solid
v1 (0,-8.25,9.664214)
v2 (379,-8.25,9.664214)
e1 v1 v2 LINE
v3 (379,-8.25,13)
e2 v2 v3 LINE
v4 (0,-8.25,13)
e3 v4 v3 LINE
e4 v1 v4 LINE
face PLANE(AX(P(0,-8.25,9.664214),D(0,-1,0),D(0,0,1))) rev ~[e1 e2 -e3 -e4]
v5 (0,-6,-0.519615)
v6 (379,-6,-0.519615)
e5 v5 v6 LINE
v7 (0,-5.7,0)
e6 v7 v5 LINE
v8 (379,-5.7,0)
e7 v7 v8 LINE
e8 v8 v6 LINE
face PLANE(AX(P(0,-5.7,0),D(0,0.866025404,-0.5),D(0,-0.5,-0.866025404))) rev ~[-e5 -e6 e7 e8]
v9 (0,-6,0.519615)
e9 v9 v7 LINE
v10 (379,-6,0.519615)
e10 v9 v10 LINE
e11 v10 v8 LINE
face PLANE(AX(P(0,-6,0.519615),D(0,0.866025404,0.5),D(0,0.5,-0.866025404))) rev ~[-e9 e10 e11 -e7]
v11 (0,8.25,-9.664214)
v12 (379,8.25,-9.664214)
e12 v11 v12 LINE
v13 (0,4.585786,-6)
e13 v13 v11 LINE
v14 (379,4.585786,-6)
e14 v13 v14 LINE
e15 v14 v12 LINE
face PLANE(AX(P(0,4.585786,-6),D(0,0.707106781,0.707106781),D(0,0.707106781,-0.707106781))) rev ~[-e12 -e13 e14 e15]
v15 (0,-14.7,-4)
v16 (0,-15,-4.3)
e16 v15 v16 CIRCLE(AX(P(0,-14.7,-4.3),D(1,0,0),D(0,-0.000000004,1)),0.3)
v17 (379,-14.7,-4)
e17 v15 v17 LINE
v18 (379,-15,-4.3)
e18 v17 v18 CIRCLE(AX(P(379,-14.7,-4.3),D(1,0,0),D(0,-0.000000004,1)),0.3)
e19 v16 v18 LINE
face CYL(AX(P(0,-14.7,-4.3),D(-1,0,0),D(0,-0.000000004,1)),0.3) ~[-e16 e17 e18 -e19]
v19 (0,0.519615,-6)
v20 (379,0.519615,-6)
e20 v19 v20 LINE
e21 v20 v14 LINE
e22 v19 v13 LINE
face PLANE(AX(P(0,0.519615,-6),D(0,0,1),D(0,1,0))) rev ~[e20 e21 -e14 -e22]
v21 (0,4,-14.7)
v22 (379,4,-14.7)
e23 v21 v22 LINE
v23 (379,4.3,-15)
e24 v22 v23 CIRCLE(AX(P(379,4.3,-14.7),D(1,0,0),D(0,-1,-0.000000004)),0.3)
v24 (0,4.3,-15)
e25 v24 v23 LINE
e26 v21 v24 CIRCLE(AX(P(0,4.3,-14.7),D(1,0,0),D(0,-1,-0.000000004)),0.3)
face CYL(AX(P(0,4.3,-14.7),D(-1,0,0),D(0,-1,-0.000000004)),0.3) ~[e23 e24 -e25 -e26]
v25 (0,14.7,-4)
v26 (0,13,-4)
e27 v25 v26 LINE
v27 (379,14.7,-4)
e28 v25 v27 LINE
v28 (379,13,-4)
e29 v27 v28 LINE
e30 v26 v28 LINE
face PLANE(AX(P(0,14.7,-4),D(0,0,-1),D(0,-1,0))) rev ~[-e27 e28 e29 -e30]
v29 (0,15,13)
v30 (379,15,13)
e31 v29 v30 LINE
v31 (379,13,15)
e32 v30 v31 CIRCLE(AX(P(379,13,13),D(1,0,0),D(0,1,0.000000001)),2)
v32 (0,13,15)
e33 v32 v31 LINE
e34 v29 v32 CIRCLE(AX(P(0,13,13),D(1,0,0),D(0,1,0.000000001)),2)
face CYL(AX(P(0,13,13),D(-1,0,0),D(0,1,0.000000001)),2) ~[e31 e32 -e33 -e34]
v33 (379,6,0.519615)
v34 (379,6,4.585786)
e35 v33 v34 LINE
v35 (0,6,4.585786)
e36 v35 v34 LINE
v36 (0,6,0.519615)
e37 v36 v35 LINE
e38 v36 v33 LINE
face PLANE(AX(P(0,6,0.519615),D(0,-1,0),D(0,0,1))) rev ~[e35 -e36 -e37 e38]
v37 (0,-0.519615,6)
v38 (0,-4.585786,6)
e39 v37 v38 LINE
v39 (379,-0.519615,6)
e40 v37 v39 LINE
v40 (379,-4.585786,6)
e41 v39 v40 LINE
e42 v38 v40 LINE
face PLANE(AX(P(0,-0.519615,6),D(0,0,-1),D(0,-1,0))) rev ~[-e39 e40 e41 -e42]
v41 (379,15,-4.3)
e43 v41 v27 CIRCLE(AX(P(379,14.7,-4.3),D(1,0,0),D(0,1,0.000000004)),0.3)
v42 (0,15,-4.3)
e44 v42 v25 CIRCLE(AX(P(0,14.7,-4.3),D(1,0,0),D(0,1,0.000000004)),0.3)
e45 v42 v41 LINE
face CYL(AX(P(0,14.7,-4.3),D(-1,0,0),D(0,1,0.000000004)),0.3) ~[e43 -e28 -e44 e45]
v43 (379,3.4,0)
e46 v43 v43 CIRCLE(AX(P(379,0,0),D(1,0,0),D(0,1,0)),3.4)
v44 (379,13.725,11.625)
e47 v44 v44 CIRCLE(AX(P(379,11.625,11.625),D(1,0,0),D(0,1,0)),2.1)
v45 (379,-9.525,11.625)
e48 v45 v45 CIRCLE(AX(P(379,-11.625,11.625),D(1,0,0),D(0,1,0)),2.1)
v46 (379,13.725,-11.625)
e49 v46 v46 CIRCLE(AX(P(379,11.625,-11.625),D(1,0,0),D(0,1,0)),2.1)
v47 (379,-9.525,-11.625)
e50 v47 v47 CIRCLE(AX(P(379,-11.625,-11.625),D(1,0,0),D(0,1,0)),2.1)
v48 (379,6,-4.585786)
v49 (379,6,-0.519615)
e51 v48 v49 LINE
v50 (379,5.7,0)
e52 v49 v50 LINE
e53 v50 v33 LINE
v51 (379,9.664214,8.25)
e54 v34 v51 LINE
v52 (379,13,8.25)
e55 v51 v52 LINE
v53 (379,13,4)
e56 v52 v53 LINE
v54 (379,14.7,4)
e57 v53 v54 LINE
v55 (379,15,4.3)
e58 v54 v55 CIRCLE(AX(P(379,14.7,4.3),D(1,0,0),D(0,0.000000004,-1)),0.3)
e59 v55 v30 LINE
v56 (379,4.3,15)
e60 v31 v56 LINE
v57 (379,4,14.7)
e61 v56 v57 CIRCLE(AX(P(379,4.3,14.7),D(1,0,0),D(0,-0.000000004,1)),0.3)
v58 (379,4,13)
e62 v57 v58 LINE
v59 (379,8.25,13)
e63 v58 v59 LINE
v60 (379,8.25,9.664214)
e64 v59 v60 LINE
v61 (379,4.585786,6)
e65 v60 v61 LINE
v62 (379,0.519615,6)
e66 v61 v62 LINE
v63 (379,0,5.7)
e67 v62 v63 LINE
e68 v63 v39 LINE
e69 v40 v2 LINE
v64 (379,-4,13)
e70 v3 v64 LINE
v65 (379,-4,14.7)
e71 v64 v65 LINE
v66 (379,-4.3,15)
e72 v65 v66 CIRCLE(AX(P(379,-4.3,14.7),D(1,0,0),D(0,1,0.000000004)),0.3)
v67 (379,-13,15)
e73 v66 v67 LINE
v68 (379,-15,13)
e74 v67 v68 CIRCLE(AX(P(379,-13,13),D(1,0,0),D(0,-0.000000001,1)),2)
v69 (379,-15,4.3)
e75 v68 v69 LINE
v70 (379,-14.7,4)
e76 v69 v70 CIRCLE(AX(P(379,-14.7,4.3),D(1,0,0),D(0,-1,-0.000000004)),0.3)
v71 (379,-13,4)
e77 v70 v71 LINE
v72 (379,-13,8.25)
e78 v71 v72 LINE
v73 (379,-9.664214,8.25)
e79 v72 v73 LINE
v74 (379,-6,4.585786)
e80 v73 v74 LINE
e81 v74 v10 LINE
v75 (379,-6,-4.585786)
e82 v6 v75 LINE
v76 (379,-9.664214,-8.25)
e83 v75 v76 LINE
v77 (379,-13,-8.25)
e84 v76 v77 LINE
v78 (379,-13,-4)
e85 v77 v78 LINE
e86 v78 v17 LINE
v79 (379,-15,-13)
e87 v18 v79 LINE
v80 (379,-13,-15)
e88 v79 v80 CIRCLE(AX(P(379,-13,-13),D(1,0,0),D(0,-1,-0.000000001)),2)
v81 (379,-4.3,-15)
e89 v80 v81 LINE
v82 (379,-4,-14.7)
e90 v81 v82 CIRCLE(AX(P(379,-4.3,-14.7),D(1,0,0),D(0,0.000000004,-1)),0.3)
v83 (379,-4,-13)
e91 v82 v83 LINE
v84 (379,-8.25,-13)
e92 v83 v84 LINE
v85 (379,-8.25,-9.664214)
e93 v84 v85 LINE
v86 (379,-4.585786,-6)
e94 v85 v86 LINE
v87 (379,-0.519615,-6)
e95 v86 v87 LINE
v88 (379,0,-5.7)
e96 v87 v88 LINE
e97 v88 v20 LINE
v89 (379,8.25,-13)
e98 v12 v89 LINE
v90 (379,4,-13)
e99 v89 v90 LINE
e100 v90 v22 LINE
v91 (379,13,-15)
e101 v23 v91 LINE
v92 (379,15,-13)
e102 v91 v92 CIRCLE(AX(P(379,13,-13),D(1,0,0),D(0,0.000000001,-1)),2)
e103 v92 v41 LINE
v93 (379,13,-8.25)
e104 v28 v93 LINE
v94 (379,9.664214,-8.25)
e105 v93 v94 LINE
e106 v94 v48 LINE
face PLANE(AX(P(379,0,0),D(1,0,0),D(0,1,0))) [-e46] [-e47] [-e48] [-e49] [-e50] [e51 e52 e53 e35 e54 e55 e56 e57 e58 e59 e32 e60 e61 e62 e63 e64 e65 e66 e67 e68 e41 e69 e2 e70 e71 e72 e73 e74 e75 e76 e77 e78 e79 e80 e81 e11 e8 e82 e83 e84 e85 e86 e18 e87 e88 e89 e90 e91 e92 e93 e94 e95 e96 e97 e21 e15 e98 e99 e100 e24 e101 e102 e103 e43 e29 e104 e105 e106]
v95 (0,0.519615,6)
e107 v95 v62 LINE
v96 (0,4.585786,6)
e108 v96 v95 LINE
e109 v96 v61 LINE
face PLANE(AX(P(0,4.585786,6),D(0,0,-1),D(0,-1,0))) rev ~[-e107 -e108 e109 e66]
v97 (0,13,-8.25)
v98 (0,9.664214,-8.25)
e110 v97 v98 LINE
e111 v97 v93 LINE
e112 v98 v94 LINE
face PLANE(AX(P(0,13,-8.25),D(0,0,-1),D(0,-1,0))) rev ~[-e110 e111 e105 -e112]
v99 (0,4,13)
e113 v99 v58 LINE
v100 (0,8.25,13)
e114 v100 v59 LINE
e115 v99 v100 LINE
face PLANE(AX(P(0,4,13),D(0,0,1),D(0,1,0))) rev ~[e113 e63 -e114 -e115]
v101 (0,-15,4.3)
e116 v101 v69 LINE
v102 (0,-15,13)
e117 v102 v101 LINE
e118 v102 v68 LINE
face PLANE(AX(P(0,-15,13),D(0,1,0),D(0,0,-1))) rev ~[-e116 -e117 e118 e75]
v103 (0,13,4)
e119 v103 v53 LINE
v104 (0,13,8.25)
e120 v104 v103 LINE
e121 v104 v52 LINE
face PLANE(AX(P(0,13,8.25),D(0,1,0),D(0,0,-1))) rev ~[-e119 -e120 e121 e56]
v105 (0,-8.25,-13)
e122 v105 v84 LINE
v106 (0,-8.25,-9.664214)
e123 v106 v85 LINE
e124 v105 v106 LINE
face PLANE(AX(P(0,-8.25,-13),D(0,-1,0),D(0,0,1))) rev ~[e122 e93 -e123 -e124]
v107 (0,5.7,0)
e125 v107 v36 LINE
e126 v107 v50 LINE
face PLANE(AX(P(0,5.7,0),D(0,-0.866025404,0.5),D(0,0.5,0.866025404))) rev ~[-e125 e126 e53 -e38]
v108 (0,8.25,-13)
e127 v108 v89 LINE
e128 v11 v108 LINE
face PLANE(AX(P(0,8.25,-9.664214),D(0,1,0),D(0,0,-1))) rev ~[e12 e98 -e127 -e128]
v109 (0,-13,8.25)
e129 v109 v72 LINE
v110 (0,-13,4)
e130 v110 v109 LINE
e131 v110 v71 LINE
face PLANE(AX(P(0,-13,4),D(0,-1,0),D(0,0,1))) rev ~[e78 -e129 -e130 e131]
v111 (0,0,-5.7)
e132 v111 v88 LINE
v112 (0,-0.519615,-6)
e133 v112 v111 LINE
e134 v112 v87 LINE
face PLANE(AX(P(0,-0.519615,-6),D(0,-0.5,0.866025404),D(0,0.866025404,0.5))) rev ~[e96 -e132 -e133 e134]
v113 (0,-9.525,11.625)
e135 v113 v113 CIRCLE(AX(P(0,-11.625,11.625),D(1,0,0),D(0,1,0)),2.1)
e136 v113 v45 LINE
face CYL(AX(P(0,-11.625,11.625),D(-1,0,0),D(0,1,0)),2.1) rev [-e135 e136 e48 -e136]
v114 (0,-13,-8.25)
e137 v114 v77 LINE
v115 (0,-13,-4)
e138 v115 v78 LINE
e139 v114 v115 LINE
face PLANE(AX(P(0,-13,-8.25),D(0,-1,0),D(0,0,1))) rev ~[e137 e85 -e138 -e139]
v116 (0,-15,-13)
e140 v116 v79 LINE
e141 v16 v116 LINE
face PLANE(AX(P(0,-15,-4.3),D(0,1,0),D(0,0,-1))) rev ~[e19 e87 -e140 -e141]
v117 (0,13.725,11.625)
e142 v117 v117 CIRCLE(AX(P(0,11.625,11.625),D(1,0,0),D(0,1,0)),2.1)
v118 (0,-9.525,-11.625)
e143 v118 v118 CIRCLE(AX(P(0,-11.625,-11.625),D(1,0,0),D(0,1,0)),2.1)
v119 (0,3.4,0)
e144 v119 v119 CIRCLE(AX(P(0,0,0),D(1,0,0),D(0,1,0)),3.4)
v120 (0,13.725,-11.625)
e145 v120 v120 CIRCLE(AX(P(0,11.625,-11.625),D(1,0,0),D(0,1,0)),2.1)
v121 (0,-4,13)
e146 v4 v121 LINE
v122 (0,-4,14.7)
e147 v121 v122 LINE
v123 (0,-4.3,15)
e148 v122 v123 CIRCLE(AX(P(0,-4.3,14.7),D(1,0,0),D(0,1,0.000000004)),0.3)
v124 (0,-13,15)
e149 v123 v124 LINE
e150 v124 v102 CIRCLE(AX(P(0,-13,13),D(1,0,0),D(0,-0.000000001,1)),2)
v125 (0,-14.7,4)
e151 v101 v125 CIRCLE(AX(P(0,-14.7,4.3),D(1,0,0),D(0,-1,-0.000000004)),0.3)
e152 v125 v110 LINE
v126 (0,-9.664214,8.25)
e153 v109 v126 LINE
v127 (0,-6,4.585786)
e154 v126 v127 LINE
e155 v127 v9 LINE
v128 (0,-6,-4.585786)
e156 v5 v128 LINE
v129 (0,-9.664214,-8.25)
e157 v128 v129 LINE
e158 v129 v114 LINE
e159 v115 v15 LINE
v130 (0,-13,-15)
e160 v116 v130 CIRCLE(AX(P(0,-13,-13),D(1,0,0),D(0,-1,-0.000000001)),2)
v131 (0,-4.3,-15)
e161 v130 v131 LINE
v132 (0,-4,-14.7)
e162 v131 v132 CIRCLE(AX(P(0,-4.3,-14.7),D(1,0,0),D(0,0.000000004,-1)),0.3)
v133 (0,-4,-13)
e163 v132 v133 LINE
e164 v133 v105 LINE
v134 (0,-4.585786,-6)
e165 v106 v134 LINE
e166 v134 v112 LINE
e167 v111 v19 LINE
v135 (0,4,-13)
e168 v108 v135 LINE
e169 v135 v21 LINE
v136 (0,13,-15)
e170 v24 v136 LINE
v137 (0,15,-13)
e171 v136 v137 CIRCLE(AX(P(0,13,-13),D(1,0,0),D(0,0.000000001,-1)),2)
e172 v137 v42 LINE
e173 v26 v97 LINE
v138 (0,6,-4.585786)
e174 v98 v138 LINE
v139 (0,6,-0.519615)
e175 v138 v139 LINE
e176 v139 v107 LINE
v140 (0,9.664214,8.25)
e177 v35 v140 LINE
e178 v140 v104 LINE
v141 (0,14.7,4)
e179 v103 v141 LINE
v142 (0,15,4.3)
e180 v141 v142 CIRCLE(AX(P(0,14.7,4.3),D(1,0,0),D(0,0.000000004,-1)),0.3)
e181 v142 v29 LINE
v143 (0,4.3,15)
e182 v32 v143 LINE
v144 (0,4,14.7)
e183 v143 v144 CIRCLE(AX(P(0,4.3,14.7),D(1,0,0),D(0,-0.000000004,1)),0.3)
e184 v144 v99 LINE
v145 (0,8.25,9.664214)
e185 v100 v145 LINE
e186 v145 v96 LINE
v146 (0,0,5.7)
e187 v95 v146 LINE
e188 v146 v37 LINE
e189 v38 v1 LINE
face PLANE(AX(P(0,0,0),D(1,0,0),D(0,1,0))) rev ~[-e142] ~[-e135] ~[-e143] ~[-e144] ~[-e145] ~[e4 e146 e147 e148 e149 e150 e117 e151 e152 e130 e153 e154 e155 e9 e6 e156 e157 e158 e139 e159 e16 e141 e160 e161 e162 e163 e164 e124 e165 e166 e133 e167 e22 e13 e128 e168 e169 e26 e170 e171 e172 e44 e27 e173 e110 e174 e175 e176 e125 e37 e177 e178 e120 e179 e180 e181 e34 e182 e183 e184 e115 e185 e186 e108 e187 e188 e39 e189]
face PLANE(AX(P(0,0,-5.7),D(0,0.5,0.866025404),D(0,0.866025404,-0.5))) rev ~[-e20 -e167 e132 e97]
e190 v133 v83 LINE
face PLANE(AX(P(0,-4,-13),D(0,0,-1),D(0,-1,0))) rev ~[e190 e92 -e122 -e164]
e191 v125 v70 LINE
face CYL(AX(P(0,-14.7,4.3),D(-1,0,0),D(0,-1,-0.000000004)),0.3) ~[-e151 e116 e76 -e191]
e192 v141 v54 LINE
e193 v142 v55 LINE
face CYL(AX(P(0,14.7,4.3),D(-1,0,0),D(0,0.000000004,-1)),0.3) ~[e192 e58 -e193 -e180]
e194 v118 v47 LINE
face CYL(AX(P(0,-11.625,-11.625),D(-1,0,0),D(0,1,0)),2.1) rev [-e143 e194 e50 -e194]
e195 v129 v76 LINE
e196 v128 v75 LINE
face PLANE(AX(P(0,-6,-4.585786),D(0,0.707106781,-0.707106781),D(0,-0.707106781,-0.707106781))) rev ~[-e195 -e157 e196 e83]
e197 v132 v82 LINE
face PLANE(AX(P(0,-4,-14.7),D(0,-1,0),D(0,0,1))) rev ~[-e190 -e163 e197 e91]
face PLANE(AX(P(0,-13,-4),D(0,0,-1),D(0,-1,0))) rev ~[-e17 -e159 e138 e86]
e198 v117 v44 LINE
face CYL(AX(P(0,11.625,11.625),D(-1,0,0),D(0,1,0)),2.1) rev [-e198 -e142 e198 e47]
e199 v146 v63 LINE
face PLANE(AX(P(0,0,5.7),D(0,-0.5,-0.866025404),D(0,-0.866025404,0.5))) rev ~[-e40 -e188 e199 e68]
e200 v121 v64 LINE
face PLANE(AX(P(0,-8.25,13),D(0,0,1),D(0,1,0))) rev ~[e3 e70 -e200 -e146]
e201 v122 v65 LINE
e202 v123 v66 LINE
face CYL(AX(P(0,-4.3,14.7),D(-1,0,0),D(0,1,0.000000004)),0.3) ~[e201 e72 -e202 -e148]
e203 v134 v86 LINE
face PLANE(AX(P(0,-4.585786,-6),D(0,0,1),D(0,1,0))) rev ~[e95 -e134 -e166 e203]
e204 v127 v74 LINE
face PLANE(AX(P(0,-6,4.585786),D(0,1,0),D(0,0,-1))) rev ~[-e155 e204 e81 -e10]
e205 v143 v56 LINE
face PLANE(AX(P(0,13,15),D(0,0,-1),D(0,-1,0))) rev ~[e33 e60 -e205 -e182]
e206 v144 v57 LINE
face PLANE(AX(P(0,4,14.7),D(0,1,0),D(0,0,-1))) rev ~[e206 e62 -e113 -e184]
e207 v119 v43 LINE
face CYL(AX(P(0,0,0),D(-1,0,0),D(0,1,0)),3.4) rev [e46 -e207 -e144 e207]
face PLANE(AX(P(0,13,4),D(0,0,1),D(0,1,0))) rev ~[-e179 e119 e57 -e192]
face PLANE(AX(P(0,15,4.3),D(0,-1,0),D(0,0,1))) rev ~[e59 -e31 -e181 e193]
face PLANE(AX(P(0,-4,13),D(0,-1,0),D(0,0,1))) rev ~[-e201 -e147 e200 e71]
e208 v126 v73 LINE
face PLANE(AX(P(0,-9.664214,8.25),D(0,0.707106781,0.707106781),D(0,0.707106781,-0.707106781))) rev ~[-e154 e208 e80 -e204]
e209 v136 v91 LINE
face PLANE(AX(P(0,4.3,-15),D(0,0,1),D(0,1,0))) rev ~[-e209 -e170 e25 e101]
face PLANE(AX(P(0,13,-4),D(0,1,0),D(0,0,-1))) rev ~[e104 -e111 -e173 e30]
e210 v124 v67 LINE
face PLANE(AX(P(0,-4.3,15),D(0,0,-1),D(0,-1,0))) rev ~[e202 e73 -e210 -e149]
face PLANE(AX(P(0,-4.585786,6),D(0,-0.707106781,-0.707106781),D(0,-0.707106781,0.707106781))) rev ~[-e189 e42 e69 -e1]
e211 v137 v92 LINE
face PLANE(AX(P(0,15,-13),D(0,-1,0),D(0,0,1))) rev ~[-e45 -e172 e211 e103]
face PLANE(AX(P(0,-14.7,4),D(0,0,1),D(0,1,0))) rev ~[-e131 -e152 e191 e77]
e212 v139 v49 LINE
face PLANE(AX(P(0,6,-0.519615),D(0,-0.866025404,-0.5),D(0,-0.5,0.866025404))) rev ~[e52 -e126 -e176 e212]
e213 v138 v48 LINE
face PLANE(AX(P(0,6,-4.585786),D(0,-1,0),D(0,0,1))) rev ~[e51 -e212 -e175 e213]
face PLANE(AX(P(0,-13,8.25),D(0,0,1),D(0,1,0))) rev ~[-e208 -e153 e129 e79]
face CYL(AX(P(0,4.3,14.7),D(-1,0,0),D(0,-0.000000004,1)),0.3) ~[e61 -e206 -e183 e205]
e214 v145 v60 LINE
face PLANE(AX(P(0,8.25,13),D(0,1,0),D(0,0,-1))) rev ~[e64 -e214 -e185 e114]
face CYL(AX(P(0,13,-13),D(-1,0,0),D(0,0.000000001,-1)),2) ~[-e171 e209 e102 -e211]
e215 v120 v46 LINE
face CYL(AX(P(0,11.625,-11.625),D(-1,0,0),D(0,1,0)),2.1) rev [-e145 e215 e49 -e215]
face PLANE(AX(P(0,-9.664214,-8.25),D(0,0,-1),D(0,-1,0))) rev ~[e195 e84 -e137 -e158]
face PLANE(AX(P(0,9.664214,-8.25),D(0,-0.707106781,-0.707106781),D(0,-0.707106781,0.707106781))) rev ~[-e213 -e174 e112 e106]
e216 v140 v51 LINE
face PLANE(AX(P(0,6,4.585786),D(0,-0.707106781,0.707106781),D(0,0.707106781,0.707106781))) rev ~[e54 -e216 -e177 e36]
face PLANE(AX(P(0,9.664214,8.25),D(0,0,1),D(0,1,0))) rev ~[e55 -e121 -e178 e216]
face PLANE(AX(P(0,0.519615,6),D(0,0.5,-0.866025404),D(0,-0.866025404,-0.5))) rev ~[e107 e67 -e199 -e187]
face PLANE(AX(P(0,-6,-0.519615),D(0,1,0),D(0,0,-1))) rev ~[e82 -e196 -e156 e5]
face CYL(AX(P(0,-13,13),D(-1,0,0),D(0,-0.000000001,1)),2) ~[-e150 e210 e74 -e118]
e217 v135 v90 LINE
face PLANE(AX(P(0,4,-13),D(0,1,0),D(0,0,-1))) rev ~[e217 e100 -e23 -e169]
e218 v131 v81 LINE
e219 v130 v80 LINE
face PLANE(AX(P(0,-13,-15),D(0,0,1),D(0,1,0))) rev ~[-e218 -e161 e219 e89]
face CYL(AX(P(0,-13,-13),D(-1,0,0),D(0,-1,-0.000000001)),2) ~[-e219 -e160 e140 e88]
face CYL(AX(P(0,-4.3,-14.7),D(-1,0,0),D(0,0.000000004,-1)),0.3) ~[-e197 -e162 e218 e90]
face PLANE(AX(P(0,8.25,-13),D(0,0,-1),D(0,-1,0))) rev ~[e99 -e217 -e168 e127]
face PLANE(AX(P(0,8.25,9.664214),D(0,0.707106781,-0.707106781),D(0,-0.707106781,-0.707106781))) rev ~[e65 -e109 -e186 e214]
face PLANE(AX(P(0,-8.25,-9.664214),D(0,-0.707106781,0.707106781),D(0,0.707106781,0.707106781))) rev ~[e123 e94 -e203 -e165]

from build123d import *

# Parameters (mm, degrees)
SKETCH_1_R              = 2.1
SKETCH_1_R_2            = 3.4
F_30XS6_30X30S6_1_DEPTH = 379


with BuildPart() as part:
    # 草图1 → 30xs6 30X30S6(1) (new body)
    with BuildSketch(Plane.YZ):
        with BuildLine():
            Line((-14.7, 4), (-13, 4))
            Line((-13, 4), (-13, 8.25))
            Line((-13, 8.25), (-9.664213562, 8.25))
            Line((-9.664213562, 8.25), (-6, 4.585786438))
            Line((-6, 4.585786438), (-6, 0.519615242))
            Line((-6, 0.519615242), (-5.7, 0))
            Line((-5.7, 0), (-6, -0.519615242))
            Line((-6, -0.519615242), (-6, -4.585786438))
            Line((-6, -4.585786438), (-9.664213562, -8.25))
            Line((-9.664213562, -8.25), (-13, -8.25))
            Line((-13, -8.25), (-13, -4))
            Line((-13, -4), (-14.7, -4))
            ThreePointArc((-14.7, -4), (-14.912132034, -4.087867966), (-15, -4.3))
            Line((-15, -4.3), (-15, -13))
            ThreePointArc((-15, -13), (-14.414213562, -14.414213562), (-13, -15))
            Line((-13, -15), (-4.3, -15))
            ThreePointArc((-4.3, -15), (-4.087867966, -14.912132034), (-4, -14.7))
            Line((-4, -14.7), (-4, -13))
            Line((-4, -13), (-8.25, -13))
            Line((-8.25, -13), (-8.25, -9.664213562))
            Line((-8.25, -9.664213562), (-4.585786438, -6))
            Line((-4.585786438, -6), (-0.519615242, -6))
            Line((-0.519615242, -6), (0, -5.7))
            Line((0, -5.7), (0.519615242, -6))
            Line((0.519615242, -6), (4.585786438, -6))
            Line((4.585786438, -6), (8.25, -9.664213562))
            Line((8.25, -9.664213562), (8.25, -13))
            Line((8.25, -13), (4, -13))
            Line((4, -13), (4, -14.7))
            ThreePointArc((4, -14.7), (4.087867966, -14.912132034), (4.3, -15))
            Line((4.3, -15), (13, -15))
            ThreePointArc((13, -15), (14.414213562, -14.414213562), (15, -13))
            Line((15, -13), (15, -4.3))
            ThreePointArc((15, -4.3), (14.912132034, -4.087867966), (14.7, -4))
            Line((14.7, -4), (13, -4))
            Line((13, -4), (13, -8.25))
            Line((13, -8.25), (9.664213562, -8.25))
            Line((9.664213562, -8.25), (6, -4.585786438))
            Line((6, -4.585786438), (6, -0.519615242))
            Line((6, -0.519615242), (5.7, 0))
            Line((5.7, 0), (6, 0.519615242))
            Line((6, 0.519615242), (6, 4.585786438))
            Line((6, 4.585786438), (9.664213562, 8.25))
            Line((9.664213562, 8.25), (13, 8.25))
            Line((13, 8.25), (13, 4))
            Line((13, 4), (14.7, 4))
            ThreePointArc((14.7, 4), (14.912132034, 4.087867966), (15, 4.3))
            Line((15, 4.3), (15, 13))
            ThreePointArc((15, 13), (14.414213562, 14.414213562), (13, 15))
            Line((13, 15), (4.3, 15))
            ThreePointArc((4.3, 15), (4.087867966, 14.912132034), (4, 14.7))
            Line((4, 14.7), (4, 13))
            Line((4, 13), (8.25, 13))
            Line((8.25, 13), (8.25, 9.664213562))
            Line((8.25, 9.664213562), (4.585786438, 6))
            Line((4.585786438, 6), (0.519615242, 6))
            Line((0.519615242, 6), (0, 5.7))
            Line((0, 5.7), (-0.519615242, 6))
            Line((-0.519615242, 6), (-4.585786438, 6))
            Line((-4.585786438, 6), (-8.25, 9.664213562))
            Line((-8.25, 9.664213562), (-8.25, 13))
            Line((-8.25, 13), (-4, 13))
            Line((-4, 13), (-4, 14.7))
            ThreePointArc((-4, 14.7), (-4.087867966, 14.912132034), (-4.3, 15))
            Line((-4.3, 15), (-13, 15))
            ThreePointArc((-13, 15), (-14.414213562, 14.414213562), (-15, 13))
            Line((-15, 13), (-15, 4.3))
            ThreePointArc((-15, 4.3), (-14.912132034, 4.087867966), (-14.7, 4))
        make_face()
        with Locations((11.625, 11.625)):
            Circle(SKETCH_1_R, mode=Mode.SUBTRACT)
        with Locations((11.625, -11.625)):
            Circle(SKETCH_1_R, mode=Mode.SUBTRACT)
        Circle(SKETCH_1_R_2, mode=Mode.SUBTRACT)
        with Locations((-11.625, -11.625)):
            Circle(SKETCH_1_R, mode=Mode.SUBTRACT)
        with Locations((-11.625, 11.625)):
            Circle(SKETCH_1_R, mode=Mode.SUBTRACT)
    extrude(amount=F_30XS6_30X30S6_1_DEPTH)


solid = part.part
